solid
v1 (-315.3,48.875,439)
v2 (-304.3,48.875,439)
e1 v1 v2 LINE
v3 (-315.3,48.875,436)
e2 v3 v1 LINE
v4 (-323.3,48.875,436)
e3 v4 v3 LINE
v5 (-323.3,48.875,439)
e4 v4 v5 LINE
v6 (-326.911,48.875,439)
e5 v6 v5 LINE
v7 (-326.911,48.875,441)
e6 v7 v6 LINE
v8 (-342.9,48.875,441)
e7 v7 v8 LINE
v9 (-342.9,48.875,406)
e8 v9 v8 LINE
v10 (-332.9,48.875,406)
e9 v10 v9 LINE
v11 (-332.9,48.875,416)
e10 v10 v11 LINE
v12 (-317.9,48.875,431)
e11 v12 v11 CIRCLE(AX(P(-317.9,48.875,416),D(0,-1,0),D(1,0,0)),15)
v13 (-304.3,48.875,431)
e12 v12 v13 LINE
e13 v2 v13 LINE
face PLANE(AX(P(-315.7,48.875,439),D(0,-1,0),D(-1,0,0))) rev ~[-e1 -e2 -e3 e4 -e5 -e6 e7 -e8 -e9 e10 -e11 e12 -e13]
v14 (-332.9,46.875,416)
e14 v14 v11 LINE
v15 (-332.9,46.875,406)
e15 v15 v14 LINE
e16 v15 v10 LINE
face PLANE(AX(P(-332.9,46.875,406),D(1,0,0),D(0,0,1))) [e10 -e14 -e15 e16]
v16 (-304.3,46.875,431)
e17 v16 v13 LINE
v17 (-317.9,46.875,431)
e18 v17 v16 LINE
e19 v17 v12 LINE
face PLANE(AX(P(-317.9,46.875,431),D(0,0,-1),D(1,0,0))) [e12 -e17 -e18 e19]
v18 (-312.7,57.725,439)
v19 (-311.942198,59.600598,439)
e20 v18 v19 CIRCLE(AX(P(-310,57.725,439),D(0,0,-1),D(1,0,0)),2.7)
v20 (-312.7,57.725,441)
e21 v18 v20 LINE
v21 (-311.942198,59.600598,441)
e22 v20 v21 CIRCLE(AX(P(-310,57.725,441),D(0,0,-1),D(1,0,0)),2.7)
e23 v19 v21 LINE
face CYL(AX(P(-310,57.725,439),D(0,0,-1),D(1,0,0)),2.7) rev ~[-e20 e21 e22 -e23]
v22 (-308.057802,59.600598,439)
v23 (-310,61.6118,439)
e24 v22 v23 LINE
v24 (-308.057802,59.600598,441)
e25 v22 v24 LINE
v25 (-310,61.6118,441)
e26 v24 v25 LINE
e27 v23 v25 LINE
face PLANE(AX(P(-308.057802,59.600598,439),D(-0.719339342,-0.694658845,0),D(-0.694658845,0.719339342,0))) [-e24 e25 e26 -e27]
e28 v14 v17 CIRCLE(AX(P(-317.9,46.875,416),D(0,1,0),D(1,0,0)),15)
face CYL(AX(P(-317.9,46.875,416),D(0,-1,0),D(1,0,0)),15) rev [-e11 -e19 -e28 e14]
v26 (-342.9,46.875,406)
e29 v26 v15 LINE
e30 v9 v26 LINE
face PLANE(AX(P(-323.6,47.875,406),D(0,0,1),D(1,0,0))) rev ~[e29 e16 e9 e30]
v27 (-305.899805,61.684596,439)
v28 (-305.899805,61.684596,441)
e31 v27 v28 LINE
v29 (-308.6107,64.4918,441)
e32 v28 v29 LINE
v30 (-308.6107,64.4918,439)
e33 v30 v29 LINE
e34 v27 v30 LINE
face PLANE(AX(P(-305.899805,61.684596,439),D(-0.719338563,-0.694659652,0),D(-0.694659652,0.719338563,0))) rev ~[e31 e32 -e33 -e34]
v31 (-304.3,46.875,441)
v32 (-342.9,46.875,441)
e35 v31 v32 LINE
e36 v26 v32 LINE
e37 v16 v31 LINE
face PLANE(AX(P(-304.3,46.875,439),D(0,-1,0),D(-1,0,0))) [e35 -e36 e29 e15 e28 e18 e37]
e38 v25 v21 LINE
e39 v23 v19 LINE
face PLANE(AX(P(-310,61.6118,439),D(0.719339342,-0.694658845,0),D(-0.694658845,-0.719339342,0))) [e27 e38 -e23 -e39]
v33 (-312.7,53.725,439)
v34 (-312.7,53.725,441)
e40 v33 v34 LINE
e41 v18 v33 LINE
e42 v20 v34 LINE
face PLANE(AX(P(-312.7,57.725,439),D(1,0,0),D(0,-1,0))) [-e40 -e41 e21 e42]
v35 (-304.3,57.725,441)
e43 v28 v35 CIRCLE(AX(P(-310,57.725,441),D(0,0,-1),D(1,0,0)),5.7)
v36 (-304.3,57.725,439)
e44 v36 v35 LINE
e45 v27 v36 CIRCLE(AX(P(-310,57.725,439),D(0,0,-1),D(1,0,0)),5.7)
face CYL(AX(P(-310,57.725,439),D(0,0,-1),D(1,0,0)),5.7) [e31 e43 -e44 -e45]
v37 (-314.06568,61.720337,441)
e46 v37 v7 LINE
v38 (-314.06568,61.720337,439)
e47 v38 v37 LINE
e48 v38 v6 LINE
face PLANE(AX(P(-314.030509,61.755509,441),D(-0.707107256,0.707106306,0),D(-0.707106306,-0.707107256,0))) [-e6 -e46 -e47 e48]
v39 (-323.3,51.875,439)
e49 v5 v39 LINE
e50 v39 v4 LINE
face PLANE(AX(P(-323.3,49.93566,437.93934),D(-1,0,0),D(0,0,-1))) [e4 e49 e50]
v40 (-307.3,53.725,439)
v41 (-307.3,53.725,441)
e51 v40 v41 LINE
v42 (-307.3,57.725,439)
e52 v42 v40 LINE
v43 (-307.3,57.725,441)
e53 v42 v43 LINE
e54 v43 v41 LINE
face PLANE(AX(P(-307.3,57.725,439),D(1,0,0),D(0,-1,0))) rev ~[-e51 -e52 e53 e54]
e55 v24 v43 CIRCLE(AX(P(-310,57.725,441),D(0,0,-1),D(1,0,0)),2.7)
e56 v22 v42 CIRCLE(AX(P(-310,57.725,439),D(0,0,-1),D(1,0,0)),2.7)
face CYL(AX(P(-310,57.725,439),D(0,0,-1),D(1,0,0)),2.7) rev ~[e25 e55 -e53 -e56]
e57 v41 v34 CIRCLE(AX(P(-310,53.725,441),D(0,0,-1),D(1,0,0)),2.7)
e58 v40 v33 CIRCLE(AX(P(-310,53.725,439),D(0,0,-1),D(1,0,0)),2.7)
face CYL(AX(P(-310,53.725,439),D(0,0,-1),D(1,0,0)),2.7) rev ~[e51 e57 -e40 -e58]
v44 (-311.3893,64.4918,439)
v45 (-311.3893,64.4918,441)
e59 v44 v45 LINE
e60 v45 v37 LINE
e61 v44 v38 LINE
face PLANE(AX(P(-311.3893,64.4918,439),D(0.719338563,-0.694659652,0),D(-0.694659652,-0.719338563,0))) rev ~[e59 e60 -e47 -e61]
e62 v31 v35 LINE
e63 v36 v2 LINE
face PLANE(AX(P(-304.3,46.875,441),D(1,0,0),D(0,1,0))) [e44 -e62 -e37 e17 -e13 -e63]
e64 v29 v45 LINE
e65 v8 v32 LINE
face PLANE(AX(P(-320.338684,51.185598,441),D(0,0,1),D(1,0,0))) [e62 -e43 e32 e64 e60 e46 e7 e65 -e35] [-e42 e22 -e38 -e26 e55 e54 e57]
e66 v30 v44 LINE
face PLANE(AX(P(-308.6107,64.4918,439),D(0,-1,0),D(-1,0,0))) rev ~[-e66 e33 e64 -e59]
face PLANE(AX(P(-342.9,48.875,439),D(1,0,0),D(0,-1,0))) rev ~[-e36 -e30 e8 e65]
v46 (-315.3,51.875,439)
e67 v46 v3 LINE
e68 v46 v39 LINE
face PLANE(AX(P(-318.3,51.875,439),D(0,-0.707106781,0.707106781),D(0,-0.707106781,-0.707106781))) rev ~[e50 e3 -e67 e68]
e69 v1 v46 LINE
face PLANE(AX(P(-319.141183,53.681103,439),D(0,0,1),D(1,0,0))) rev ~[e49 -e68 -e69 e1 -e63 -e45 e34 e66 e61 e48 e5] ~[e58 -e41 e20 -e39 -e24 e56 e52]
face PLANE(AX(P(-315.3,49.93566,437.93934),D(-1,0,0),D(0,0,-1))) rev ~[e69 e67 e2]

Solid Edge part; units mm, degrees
sketch "Sketch1" plane through (0, 0, 439) normal (0, 0, 1) x (1, 0, 0)
  line L0 (-315.7, 48.875) -> (-342.9, 48.875)
  line L1 (-342.9, 48.875) -> (-342.9, 46.875)
  line L2 (-304.3, 46.875) -> (-342.9, 46.875)
  line L3 (-304.3, 57.725) -> (-304.3, 46.875)
  arc A0 (-305.8998, 61.6846) -> (-304.3, 57.725) centre (-310, 57.725) cw
  line L4 (-305.8998, 61.6846) -> (-308.6107, 64.4918)
  line L5 (-308.6107, 64.4918) -> (-311.3893, 64.4918)
  line L6 (-311.3893, 64.4918) -> (-314.1002, 61.6846)
  arc A1 (-315.7, 57.725) -> (-314.1002, 61.6846) centre (-310, 57.725) cw
  line L7 (-315.7, 48.875) -> (-315.7, 57.725)
  arc A2 (-308.0578, 59.6006) -> (-307.3, 57.725) centre (-310, 57.725) cw
  line L8 (-307.3, 57.725) -> (-307.3, 53.725)
  line L9 (-312.7, 57.725) -> (-312.7, 53.725)
  line L10 (-310, 61.6118) -> (-311.9422, 59.6006)
  line L11 (-308.0578, 59.6006) -> (-310, 61.6118)
  arc A3 (-307.3, 53.725) -> (-312.7, 53.725) centre (-310, 53.725) cw
  arc A4 (-312.7, 57.725) -> (-311.9422, 59.6006) centre (-310, 57.725) cw
extrude "ExtrudedProtrusion_1" add sketch "Sketch1" along normal blind 2
sketch "Sketch2" plane through (-323.6, 55.15, 441) normal (0, 0, 1) x (0, 1, 0)
  line L0 (-6.275, -19.3) -> (-6.275, 19.3)
  line L1 (-6.275, 19.3) -> (-8.275, 19.3)
  line L2 (-8.275, 19.3) -> (-8.275, -19.3)
  line L3 (-8.275, -19.3) -> (-6.275, -19.3)
extrude "ExtrudedProtrusion_2" add sketch "Sketch2" against normal blind 35
sketch "Sketch3" plane through (-323.6, 46.875, 419) normal (0, -1, 0) x (1, 0, 0)
  line L0 (-19.3, -13) -> (-9.3, -13)
  line L1 (-9.3, -13) -> (-9.3, -3)
  arc A0 (-9.3, -3) -> (5.7, 12) centre (5.7, -3) cw
  line L2 (5.7, 12) -> (19.3, 12)
  dimension "D1" = 25
extrude "Cutout1" cut sketch "Sketch3" against normal through all material side at (-337.9, 46.875, 405.95)
sketch "Sketch4" plane through (-323.6, 55.15, 441) normal (0, 0, 1) x (-1, 0, 0)
  line L0 (-9.5695, -6.6055) -> (3.311, 6.275)
  line L1 (-7.9, 6.275) -> (3.311, 6.275)
  line L2 (-7.9, -2.575) -> (-7.9, 6.275)
  arc A0 (-9.5695, -6.6055) -> (-7.9, -2.575) centre (-13.6, -2.575) ccw
extrude "ExtrudedProtrusion_5" add sketch "Sketch4" against normal blind 2
sketch "Sketch5" plane through (-318.3, 52.3, 429) normal (1, 0, 0) x (0, 0, -1)
  line L0 (-10, -3.425) -> (-10, -0.425)
  line L1 (-10, -0.425) -> (-7, -3.425)
  line L2 (-7, -3.425) -> (-10, -3.425)
extrude "ExtrudedProtrusion_6" add sketch "Sketch5" against normal blind 5 and the other way blind 3
properties material "ABS Plastic, medium impact"
